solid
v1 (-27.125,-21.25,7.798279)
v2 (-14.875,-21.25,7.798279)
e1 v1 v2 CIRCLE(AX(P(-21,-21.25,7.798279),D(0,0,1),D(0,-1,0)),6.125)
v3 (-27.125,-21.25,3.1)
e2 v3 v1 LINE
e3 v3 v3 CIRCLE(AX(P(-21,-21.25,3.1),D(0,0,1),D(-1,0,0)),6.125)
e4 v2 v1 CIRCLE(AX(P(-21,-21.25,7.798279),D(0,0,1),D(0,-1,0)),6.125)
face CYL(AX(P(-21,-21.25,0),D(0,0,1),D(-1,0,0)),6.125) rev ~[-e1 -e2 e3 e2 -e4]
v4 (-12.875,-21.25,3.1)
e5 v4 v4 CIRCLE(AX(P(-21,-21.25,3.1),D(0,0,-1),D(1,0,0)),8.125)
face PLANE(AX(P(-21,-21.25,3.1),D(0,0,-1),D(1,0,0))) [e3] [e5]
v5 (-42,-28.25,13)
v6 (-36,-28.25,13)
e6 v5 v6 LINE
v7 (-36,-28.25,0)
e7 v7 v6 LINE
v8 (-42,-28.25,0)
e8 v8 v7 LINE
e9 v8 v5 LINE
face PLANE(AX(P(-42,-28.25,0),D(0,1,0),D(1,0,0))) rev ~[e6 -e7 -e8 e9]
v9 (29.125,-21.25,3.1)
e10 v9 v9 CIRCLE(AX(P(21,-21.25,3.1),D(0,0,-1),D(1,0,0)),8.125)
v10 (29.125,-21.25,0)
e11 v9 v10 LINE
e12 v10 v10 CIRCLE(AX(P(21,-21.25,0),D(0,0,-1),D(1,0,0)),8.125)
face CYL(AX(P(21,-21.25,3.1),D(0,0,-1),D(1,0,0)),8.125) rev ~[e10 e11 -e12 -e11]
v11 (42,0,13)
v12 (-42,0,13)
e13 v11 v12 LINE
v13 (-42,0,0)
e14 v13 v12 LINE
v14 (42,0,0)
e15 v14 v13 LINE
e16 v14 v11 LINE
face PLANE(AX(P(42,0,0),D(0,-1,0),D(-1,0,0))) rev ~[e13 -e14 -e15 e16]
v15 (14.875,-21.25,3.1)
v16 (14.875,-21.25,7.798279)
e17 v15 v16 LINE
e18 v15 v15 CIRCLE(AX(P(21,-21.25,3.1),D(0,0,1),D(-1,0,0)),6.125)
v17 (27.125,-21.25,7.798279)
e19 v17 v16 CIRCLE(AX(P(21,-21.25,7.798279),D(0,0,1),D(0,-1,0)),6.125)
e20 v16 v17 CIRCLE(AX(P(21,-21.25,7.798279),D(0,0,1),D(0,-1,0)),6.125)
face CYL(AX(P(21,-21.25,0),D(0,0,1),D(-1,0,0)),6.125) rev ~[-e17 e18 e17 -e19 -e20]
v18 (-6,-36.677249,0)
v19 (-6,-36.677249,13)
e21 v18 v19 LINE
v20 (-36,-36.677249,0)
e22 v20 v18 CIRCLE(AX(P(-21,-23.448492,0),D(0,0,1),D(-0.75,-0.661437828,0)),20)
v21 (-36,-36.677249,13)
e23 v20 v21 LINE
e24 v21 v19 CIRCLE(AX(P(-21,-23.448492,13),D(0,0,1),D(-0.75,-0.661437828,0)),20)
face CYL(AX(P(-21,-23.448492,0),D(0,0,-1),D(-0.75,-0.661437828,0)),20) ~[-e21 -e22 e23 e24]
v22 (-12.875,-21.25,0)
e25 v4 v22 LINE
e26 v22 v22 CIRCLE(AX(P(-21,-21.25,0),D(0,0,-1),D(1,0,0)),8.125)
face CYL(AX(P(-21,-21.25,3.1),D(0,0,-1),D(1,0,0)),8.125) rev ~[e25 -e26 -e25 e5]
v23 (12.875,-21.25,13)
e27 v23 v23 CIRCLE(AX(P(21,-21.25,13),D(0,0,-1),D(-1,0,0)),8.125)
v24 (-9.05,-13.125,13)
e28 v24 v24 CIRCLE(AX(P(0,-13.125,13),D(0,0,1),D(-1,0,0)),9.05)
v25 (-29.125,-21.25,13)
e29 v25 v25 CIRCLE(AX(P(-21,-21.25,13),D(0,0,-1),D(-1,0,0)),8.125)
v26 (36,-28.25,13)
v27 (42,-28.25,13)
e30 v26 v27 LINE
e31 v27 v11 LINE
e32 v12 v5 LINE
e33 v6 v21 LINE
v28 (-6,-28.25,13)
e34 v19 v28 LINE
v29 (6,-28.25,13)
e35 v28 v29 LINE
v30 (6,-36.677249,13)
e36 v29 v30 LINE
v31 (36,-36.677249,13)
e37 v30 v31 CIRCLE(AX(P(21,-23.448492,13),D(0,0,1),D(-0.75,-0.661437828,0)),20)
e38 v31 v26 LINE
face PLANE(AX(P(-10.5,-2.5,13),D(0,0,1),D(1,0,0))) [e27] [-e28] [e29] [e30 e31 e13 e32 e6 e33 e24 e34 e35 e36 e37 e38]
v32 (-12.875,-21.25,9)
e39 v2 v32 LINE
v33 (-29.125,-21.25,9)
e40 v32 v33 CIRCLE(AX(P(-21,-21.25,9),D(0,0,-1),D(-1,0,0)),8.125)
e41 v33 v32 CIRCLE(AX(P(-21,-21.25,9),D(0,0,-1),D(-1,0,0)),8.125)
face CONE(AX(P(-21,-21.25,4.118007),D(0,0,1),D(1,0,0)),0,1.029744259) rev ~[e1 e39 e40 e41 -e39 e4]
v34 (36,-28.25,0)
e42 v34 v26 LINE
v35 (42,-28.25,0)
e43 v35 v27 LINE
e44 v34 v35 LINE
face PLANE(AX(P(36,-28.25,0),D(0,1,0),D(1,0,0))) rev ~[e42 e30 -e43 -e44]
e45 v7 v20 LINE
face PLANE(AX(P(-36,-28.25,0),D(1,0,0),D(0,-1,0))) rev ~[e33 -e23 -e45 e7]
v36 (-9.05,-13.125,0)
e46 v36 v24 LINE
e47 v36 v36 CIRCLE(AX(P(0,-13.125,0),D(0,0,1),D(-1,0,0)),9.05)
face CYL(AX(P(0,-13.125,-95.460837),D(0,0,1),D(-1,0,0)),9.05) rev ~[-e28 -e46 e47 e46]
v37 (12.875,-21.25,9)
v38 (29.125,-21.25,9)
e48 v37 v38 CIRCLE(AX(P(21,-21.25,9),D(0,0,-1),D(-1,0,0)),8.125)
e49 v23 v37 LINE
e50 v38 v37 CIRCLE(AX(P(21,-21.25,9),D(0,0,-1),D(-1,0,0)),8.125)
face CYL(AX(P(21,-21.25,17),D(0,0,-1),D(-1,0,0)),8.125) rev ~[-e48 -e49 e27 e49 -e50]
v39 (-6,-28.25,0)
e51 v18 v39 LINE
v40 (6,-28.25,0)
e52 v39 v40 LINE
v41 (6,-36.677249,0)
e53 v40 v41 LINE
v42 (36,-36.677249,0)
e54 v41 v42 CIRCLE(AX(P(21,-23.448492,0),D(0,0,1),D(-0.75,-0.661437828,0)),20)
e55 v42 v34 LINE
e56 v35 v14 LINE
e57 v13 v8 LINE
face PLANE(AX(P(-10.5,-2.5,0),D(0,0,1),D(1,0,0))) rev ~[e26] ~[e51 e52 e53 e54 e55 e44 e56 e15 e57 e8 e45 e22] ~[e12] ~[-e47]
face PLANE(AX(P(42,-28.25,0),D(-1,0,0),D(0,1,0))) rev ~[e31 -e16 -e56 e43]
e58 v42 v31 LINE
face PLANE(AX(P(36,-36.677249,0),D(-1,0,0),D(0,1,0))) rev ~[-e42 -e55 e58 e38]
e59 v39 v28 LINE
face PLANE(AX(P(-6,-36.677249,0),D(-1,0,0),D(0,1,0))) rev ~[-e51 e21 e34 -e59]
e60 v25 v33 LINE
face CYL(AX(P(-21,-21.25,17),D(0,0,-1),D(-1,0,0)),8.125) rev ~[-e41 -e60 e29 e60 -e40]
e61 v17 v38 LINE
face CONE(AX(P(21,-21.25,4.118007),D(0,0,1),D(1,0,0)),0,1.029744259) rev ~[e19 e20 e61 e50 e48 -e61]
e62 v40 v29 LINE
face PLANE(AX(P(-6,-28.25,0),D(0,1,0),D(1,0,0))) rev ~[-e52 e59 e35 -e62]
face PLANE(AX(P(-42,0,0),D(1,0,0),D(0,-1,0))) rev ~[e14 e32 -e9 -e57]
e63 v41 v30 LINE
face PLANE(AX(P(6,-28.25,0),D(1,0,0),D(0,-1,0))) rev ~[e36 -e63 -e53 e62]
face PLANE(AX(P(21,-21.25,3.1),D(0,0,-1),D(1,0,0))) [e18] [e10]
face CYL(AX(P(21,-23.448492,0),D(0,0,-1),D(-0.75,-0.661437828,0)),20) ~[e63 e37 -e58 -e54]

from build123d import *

# Parameters (mm, degrees)
F0_W           = 21
F0_H           = 5
F0_H_2         = 16.25
F1_DEPTH       = 13
F2_D           = 12.25
F2_CBORE_D     = 16.25
F2_CBORE_DEPTH = 3.1
F4_D           = 16.25
F4_DEPTH       = 4
F4_TIP         = 4.8819925296
F5_D           = 18.1


with BuildPart() as f1:
    # F0 (on Top) → F1 (new body)
    with BuildSketch(Plane.XY):
        with Locations((-10.5, -2.5)):
            Rectangle(F0_W, F0_H)
        with Locations((10.5, -2.5)):
            Rectangle(F0_W, F0_H)
        Polygon((-21, -5), (-21, 0), (-26, 0), (-42, 0), (-42, -5), align=None)
        Polygon((26, 0), (21, 0), (21, -5), (42, -5), (42, 0), align=None)
        with Locations((-31.5, -13.125)):
            Rectangle(F0_W, F0_H_2)
        with Locations((31.5, -13.125)):
            Rectangle(F0_W, F0_H_2)
        Polygon((0, -28.25), (0, -21.25), (-21, -21.25), (-21, -28.25), (-6, -28.25), align=None)
        Polygon((21, -21.25), (0, -21.25), (0, -28.25), (6, -28.25), (21, -28.25), align=None)
        Polygon((-21, -28.25), (-21, -21.25), (-42, -21.25), (-42, -28.25), (-36, -28.25), align=None)
        Polygon((42, -21.25), (21, -21.25), (21, -28.25), (36, -28.25), (42, -28.25), align=None)
        with BuildLine():
            Line((-6, -28.25), (-21, -28.25))
            Line((-21, -28.25), (-36, -28.25))
            Line((-36, -28.25), (-36, -36.6772486205))
            ThreePointArc((-36, -36.6772486205), (-21, -43.4484920652), (-6, -36.6772486205))
            Line((-6, -36.6772486205), (-6, -28.25))
        make_face()
        with BuildLine():
            Line((36, -28.25), (21, -28.25))
            Line((21, -28.25), (6, -28.25))
            Line((6, -28.25), (6, -36.6772486205))
            ThreePointArc((6, -36.6772486205), (21, -43.4484920652), (36, -36.6772486205))
            Line((36, -36.6772486205), (36, -28.25))
        make_face()
        with Locations((10.5, -13.125)):
            Rectangle(F0_W, F0_H_2)
        with Locations((-10.5, -13.125)):
            Rectangle(F0_W, F0_H_2)
    extrude(amount=F1_DEPTH)

    # F2 (through all)
    with Locations(Plane(origin=(0, 0, 0), x_dir=(1, 0, 0), z_dir=(0, 0, -1))):
        with Locations((21, 21.25), (-21, 21.25)):
            CounterBoreHole(F2_D / 2, F2_CBORE_D / 2, F2_CBORE_DEPTH)

    # F4
    with Locations(Plane.XY.offset(13)):
        with Locations((-21, -21.25), (21, -21.25)):
            Hole(F4_D / 2, depth=F4_DEPTH)
            with Locations((0, 0, -(F4_DEPTH + F4_TIP / 2))):  # 118° drill point
                Cone(0, F4_D / 2, F4_TIP, mode=Mode.SUBTRACT)

    # F5 (through all)
    with Locations(Plane(origin=(0, 0, 0), x_dir=(1, 0, 0), z_dir=(0, 0, -1))):
        with Locations((0, 13.125)):
            Hole(F5_D / 2)


solid = f1.part
